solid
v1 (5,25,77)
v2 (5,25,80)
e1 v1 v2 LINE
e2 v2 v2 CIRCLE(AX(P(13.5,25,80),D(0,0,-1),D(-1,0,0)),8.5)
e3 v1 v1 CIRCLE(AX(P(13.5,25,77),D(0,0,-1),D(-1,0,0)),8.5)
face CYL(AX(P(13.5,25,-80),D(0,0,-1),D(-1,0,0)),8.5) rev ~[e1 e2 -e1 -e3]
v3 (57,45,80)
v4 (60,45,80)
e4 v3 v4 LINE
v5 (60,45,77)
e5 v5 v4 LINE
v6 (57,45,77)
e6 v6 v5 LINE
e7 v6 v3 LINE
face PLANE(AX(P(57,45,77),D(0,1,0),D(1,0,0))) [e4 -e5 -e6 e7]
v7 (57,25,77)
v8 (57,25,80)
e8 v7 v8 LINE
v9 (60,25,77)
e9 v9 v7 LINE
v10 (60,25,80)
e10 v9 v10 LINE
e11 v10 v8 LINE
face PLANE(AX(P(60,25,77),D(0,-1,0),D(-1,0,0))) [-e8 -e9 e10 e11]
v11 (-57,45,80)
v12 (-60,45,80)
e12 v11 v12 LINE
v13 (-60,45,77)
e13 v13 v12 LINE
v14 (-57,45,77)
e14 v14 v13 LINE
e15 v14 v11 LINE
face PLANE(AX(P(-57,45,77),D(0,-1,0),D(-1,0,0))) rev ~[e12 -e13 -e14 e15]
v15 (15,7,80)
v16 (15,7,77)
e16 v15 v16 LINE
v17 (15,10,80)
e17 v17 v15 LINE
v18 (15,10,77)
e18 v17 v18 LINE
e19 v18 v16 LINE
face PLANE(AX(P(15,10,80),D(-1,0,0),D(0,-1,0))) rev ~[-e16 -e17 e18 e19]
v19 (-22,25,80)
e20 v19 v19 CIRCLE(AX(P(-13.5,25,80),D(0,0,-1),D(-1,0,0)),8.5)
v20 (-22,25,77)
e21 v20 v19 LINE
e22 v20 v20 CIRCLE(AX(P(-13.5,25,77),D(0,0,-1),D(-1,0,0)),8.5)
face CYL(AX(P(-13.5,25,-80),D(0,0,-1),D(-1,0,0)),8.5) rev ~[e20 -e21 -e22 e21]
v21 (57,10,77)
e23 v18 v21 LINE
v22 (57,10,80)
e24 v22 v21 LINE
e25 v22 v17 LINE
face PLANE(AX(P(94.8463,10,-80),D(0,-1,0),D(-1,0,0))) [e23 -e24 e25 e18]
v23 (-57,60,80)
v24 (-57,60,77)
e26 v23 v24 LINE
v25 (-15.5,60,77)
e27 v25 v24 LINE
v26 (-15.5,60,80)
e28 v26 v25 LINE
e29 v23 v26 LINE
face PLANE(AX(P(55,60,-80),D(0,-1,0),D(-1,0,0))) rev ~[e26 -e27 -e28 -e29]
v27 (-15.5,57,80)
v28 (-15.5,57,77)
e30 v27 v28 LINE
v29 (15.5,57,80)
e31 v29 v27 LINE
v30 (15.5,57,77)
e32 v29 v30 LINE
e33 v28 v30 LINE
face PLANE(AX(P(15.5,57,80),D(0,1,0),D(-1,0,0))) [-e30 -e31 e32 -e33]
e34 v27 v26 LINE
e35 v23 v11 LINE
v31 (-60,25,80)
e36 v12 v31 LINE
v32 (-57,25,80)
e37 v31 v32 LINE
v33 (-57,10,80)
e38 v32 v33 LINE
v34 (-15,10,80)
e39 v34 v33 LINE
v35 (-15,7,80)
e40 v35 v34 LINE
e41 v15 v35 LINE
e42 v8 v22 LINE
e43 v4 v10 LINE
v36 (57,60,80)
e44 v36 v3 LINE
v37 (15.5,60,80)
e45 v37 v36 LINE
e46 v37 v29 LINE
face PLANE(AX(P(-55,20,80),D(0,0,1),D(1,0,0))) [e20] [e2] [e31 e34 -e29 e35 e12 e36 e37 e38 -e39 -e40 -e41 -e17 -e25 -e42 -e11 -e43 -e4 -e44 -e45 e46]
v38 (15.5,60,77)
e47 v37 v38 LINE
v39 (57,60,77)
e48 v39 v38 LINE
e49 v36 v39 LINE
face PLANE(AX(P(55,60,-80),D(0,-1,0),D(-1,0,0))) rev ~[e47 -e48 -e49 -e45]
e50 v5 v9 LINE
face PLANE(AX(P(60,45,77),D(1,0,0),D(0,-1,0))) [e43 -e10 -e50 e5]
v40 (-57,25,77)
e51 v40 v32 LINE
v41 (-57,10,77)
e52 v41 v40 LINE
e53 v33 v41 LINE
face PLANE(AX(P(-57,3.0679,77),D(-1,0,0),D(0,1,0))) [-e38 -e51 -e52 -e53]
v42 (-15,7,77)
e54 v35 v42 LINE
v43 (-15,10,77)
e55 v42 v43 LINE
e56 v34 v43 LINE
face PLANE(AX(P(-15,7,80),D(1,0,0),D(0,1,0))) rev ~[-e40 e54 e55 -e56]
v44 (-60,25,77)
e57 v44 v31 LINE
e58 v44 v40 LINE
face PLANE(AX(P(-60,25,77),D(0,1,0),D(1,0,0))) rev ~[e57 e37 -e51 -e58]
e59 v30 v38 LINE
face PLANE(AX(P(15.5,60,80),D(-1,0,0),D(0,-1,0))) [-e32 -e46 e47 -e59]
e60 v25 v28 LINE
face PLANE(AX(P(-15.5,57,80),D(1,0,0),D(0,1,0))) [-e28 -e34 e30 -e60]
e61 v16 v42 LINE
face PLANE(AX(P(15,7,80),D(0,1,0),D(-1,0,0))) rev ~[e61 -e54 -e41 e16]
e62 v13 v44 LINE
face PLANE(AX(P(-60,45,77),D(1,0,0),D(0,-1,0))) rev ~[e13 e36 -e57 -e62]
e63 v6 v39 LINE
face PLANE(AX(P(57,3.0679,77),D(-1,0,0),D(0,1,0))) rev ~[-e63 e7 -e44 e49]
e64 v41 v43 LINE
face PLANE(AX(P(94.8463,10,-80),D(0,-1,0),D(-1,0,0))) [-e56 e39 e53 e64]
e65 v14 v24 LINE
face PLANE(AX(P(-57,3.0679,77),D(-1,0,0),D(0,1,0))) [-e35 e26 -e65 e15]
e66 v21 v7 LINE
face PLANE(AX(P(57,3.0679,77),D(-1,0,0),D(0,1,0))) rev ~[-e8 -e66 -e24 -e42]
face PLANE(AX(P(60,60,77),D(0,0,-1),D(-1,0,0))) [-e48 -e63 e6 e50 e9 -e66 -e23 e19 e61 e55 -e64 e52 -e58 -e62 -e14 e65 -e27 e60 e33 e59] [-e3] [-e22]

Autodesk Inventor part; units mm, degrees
ref_plane "YZ Plane" through (0, 0, 0) normal (1, 0, 0) x (0, 1, 0)
ref_plane "XZ Plane" through (0, 0, 0) normal (0, 1, 0) x (-1, 0, 0)
ref_plane "XY Plane" through (0, 0, 0) normal (0, 0, 1) x (1, 0, 0)
sketch "스케치1" plane through (0, 0, 0) normal (0, 1, 0) x (-1, 0, 0)
  line L0 (60, 80) -> (-60, 80)
  line L1 (-60, 80) -> (-60, -80)
  line L2 (-60, -80) -> (60, -80)
  line L3 (60, -80) -> (60, 80)
  line L4 (60, 80) -> (-60, -80) construction
  line L5 (-60, 80) -> (60, -80) construction
  point P0 (0, 0)
  dimension "d0" = 120
  dimension "d1" = 160
extrude "돌출1" add sketch "스케치1" along normal blind 60
sketch "스케치2" plane through (0, 60, 0) normal (0, 1, 0) x (1, 0, 0)
  line L0 (60, -80) -> (60, 80) projected
  line L1 (60, 80) -> (-60, 80) projected
  line L2 (55, 102.1646) -> (-55, 102.1646)
  line L3 (-55, 102.1646) -> (-55, -89.711)
  line L4 (-55, -89.711) -> (55, -89.711)
  line L5 (55, -89.711) -> (55, 102.1646)
  line L6 (-60, 80) -> (-60, -80) projected
  point P0 (0, 0)
  point P1 (55, 80)
  point P2 (-55, 80)
  dimension "d6" = 5
  dimension "d7" = 5
extrude "돌출2" cut sketch "스케치2" against normal blind 40 contours L5 L4 L3 L1
sketch "스케치12" plane through (60, 0, -80) normal (0, 0, -1) x (-1, 0, 0)
  line L0 (-34.8463, 10) -> (156.2634, 10)
  line L1 (156.2634, 10) -> (156.2634, -36.9465)
  line L2 (156.2634, -36.9465) -> (-34.8463, -36.9465)
  line L3 (-34.8463, -36.9465) -> (-34.8463, 10)
  line L4 (0, 0) -> (120, 0) projected
  point P0 (60, 0)
  dimension "d85" = 10
extrude "돌출10" cut sketch "스케치12" against normal through all
sketch "스케치13" plane through (-55, 20, 80) normal (0, 0, 1) x (1, 0, 0)
  line L0 (0, 40) -> (0, 0) projected
  line L1 (0, 0) -> (110, 0) projected
  line L2 (0, 40) -> (110, 40)
  line L3 (110, 40) -> (110, 0)
  line L4 (110, 0) -> (0, 0)
  line L5 (0, 0) -> (0, 40)
  point P0 (55, -20)
extrude "돌출11" add sketch "스케치13" against normal blind 5
sketch "스케치14" plane through (55, 20, -80) normal (0, 0, -1) x (-1, 0, 0)
  line L0 (0, 0) -> (0, 40) projected
  line L1 (110, 0) -> (0, 0) projected
  line L2 (0, 40) -> (110, 40)
  line L3 (110, 40) -> (110, 0)
  line L4 (110, 0) -> (0, 0)
  line L5 (0, 0) -> (0, 40)
  point P0 (55, -20)
extrude "돌출12" add sketch "스케치14" against normal blind 5
sketch "스케치15" plane through (60, 60, -80) normal (0, 0, -1) x (-1, 0, 0)
  point P0 (60, -60)
sketch "스케치16" plane through (60, 60, -80) normal (0, 0, -1) x (-1, 0, 0)
  point P0 (60, -60)
sketch "스케치17" plane through (0, 20, 0) normal (0, 1, 0) x (1, 0, 0)
  line L0 (7, 27) -> (45, 27)
  line L1 (45, 27) -> (45, 65)
  line L2 (45, 65) -> (7, 65)
  line L3 (7, 65) -> (7, 27)
  line L4 (55, 75) -> (55, -75) projected
  line L5 (55, 75) -> (-55, 75) projected
  circle A0 centre (7, 27) radius 1.6
  circle A1 centre (7, 65) radius 1.6
  circle A2 centre (45, 65) radius 1.6
  circle A3 centre (45, 27) radius 1.6
  line L6 (-47.9371, 14.7215) -> (-7.9371, 14.7215)
  line L7 (-7.9371, 14.7215) -> (-7.9371, 64.7215)
  line L8 (-7.9371, 64.7215) -> (-47.9371, 64.7215)
  line L9 (-47.9371, 64.7215) -> (-47.9371, 14.7215)
  point P0 (0, 0)
  dimension "d92" = 38
  dimension "d93" = 38
  dimension "d95" = 10
  dimension "d96" = 10
  dimension "d97" = 3.2
  dimension "d98" = 3.2
  dimension "d99" = 3.2
  dimension "d100" = 3.2
  dimension "d113" = 40
  dimension "d114" = 50
extrude "돌출13" cut sketch "스케치17" against normal through all contours L3 A0 L0 | L0 A0 L3 | A3 L1 L0 | L0 L1 A3 | A1 L2 L3 | L3 L2 A1 | A2 L2 L1 | L1 L2 A2
sketch "스케치19" plane through (60, 60, -80) normal (0, 0, -1) x (-1, 0, 0)
  line L0 (5, -40) -> (115, -40) projected
  circle A0 centre (46.5, -35) radius 8.5
  circle A1 centre (73.5, -35) radius 8.5
  line L1 (5, 0) -> (5, -40) projected
  line L2 (115, -40) -> (115, 0) projected
  point P0 (60, -60)
  dimension "d105" = 27
  dimension "d106" = 41.5
  dimension "d107" = 17
  dimension "d108" = 17
  dimension "d109" = 5
  dimension "d110" = 5
extrude "돌출14" cut sketch "스케치19" against normal through all
sketch "스케치21" plane through (0, 20, 0) normal (0, 1, 0) x (1, 0, 0)
  circle A0 centre (5.4243, 8.1678) radius 7.5
  line L0 (-49.3888, 17.2731) -> (-9.3888, 17.2731)
  line L1 (-9.3888, 17.2731) -> (-9.3888, 67.2731)
  line L2 (-9.3888, 67.2731) -> (-49.3888, 67.2731)
  line L3 (-49.3888, 67.2731) -> (-49.3888, 17.2731)
  point P0 (0, 0)
  dimension "d117" = 15
  dimension "d118" = 50
  dimension "d119" = 40
extrude "돌출15" cut sketch "스케치21" against normal through all contours A0
sketch "스케치23" plane through (0, 20, 0) normal (0, 1, 0) x (1, 0, 0)
  line L0 (-48.6, -65) -> (20, -65)
  line L1 (20, -65) -> (20, -11.6)
  line L2 (20, -11.6) -> (-48.6, -11.6)
  line L3 (-48.6, -11.6) -> (-48.6, -65)
  line L4 (55, 75) -> (55, -75) projected
  line L5 (-55, -75) -> (55, -75) projected
  circle A0 centre (4.7, -62.45) radius 1.6
  circle A1 centre (6.03, -14.15) radius 1.6
  circle A2 centre (-46.05, -47.16) radius 1.6
  circle A3 centre (-46.05, -19.23) radius 1.6
  point P0 (0, 0)
  dimension "d123" = 68.6
  dimension "d124" = 53.4
  dimension "d125" = 35
  dimension "d126" = 10
  dimension "d127" = 3.2
  dimension "d128" = 15.3
  dimension "d129" = 2.55
  dimension "d130" = 3.2
  dimension "d131" = 13.97
  dimension "d132" = 2.55
  dimension "d133" = 3.2
  dimension "d134" = 35.56
  dimension "d135" = 3.2
  dimension "d136" = 2.55
  dimension "d137" = 2.55
  dimension "d138" = 7.63
extrude "돌출16" cut sketch "스케치23" against normal through all contours A0 | A1 | A2 | A3
sketch "스케치24" plane through (0, 20, 0) normal (0, 1, 0) x (1, 0, 0)
  line L0 (-55, -75) -> (55, -75) projected
  line L1 (55, 75) -> (55, -75) projected
  line L2 (-55, -75) -> (55, -75)
  line L3 (55, -75) -> (55, 75)
  line L4 (55, 75) -> (-55, 75)
  line L5 (-55, 75) -> (-55, -75)
  point P0 (0, 0)
extrude "돌출17" cut sketch "스케치24" against normal through all
sketch "스케치25" plane through (0, 60, 0) normal (0, 1, 0) x (1, 0, 0)
  line L0 (-60, 80) -> (-60, -80) projected
  line L1 (60, -80) -> (60, 80) projected
  line L2 (-60, 80) -> (60, 80)
  line L3 (60, 80) -> (60, -77)
  line L4 (60, -77) -> (-60, -77)
  line L5 (-60, -77) -> (-60, 80)
  line L6 (-60, -80) -> (60, -80) projected
  point P0 (0, 0)
  dimension "d143" = 3
extrude "돌출18" cut sketch "스케치25" against normal through all contours L2 L1 L4 L0
sketch "스케치26" plane through (-60, 60, 80) normal (0, 0, 1) x (1, 0, 0)
  line L0 (120, -50) -> (120, 0) projected
  line L1 (0, -50) -> (120, -50) projected
  line L2 (45, -50) -> (75, -50)
  line L3 (75, -50) -> (75, -53)
  line L4 (75, -53) -> (45, -53)
  line L5 (45, -53) -> (45, -50)
  dimension "d149" = 3
extrude "돌출19" add sketch "스케치26" against normal blind 3
sketch "스케치27" plane through (-60, 60, 80) normal (0, 0, 1) x (1, 0, 0)
  line L0 (116.8483, -15) -> (123, -15)
  line L1 (123, -15) -> (123, -35)
  line L2 (123, -35) -> (116.8483, -35)
  line L3 (116.8483, -35) -> (116.8483, -15)
  line L4 (0, 0) -> (120, 0) projected
  line L5 (120, -50) -> (120, 0) projected
  point P0 (60, -60)
  point P1 (120, -15)
  point P2 (120, -35)
  dimension "d152" = 20
  dimension "d153" = 15
  dimension "d154" = 3
extrude "돌출20" add sketch "스케치27" against normal blind 3 contours L0 L1 L2 L5
mirror "미러3" about plane through (0, 0, 0) normal (1, 0, 0) of "돌출20"
sketch "스케치28" plane through (-60, 60, 80) normal (0, 0, 1) x (1, 0, 0)
  line L0 (44.5, 7.1302) -> (75.5, 7.1302)
  line L1 (75.5, 7.1302) -> (75.5, -3)
  line L2 (75.5, -3) -> (44.5, -3)
  line L3 (44.5, -3) -> (44.5, 7.1302)
  line L4 (120, -15) -> (120, 0) projected
  line L5 (0, 0) -> (120, 0) projected
  point P0 (60, -60)
  point P1 (75.5, 0)
  point P2 (44.5, 0)
  dimension "d157" = 31
  dimension "d158" = 44.5
  dimension "d159" = 3
extrude "돌출21" cut sketch "스케치28" against normal through all contours L5 L1 L2 L3
sketch "스케치29" plane through (60, 10, 77) normal (0, 0, -1) x (-1, 0, 0)
  line L0 (117, 54.1407) -> (145.6874, 54.1407)
  line L1 (145.6874, 54.1407) -> (145.6874, -6.9321)
  line L2 (145.6874, -6.9321) -> (117, -6.9321)
  line L3 (117, -6.9321) -> (117, 54.1407)
  line L4 (120, 50) -> (120, 35) projected
  line L5 (44.5, 47) -> (75.5, 47) projected
  line L6 (60, 47) -> (60, -3)
  line L7 (45, -3) -> (75, -3) projected
  line L8 (3, 54.1407) -> (-25.6874, 54.1407)
  line L9 (-25.6874, 54.1407) -> (-25.6874, -6.9321)
  line L10 (-25.6874, -6.9321) -> (3, -6.9321)
  line L11 (3, -6.9321) -> (3, 54.1407)
  line L12 (0, 50) -> (0, 35)
  point P0 (60, -10)
  dimension "d162" = 3
extrude "돌출22" cut sketch "스케치29" against normal through all
sketch "스케치30" plane through (15, 7, 77) normal (0, 0, -1) x (-1, 0, 0)
  line L0 (64.5699, 38) -> (75, 38)
  line L1 (75, 38) -> (75, 18)
  line L2 (75, 18) -> (64.5699, 18)
  line L3 (64.5699, 18) -> (64.5699, 38)
  line L4 (30.5, 53) -> (72, 53) projected
  line L5 (72, 3) -> (72, 53) projected
  line L6 (-0.5, 50) -> (30.5, 50) projected
  line L7 (15, 50) -> (15, 0)
  line L8 (30, 0) -> (0, 0) projected
  line L9 (-34.5699, 38) -> (-45, 38)
  line L10 (-45, 38) -> (-45, 18)
  line L11 (-45, 18) -> (-34.5699, 18)
  line L12 (-34.5699, 18) -> (-34.5699, 38)
  line L13 (-42, 53) -> (-42, 3) projected
  point P0 (15, -7)
  point P1 (72, 38)
  point P2 (72, 18)
  point P3 (-42, 18)
  point P4 (-42, 38)
  dimension "d165" = 20
  dimension "d166" = 15
  dimension "d167" = 3
extrude "돌출23" add sketch "스케치30" against normal blind 3 contours L0 L1 L2 L5 | L13 L11 L10 L9
sketch "스케치31" plane through (-15, 7, 80) normal (0, 0, 1) x (1, 0, 0)
  point P0 (15, -7)
properties part number "본체 겉면 레이저 앞판"
